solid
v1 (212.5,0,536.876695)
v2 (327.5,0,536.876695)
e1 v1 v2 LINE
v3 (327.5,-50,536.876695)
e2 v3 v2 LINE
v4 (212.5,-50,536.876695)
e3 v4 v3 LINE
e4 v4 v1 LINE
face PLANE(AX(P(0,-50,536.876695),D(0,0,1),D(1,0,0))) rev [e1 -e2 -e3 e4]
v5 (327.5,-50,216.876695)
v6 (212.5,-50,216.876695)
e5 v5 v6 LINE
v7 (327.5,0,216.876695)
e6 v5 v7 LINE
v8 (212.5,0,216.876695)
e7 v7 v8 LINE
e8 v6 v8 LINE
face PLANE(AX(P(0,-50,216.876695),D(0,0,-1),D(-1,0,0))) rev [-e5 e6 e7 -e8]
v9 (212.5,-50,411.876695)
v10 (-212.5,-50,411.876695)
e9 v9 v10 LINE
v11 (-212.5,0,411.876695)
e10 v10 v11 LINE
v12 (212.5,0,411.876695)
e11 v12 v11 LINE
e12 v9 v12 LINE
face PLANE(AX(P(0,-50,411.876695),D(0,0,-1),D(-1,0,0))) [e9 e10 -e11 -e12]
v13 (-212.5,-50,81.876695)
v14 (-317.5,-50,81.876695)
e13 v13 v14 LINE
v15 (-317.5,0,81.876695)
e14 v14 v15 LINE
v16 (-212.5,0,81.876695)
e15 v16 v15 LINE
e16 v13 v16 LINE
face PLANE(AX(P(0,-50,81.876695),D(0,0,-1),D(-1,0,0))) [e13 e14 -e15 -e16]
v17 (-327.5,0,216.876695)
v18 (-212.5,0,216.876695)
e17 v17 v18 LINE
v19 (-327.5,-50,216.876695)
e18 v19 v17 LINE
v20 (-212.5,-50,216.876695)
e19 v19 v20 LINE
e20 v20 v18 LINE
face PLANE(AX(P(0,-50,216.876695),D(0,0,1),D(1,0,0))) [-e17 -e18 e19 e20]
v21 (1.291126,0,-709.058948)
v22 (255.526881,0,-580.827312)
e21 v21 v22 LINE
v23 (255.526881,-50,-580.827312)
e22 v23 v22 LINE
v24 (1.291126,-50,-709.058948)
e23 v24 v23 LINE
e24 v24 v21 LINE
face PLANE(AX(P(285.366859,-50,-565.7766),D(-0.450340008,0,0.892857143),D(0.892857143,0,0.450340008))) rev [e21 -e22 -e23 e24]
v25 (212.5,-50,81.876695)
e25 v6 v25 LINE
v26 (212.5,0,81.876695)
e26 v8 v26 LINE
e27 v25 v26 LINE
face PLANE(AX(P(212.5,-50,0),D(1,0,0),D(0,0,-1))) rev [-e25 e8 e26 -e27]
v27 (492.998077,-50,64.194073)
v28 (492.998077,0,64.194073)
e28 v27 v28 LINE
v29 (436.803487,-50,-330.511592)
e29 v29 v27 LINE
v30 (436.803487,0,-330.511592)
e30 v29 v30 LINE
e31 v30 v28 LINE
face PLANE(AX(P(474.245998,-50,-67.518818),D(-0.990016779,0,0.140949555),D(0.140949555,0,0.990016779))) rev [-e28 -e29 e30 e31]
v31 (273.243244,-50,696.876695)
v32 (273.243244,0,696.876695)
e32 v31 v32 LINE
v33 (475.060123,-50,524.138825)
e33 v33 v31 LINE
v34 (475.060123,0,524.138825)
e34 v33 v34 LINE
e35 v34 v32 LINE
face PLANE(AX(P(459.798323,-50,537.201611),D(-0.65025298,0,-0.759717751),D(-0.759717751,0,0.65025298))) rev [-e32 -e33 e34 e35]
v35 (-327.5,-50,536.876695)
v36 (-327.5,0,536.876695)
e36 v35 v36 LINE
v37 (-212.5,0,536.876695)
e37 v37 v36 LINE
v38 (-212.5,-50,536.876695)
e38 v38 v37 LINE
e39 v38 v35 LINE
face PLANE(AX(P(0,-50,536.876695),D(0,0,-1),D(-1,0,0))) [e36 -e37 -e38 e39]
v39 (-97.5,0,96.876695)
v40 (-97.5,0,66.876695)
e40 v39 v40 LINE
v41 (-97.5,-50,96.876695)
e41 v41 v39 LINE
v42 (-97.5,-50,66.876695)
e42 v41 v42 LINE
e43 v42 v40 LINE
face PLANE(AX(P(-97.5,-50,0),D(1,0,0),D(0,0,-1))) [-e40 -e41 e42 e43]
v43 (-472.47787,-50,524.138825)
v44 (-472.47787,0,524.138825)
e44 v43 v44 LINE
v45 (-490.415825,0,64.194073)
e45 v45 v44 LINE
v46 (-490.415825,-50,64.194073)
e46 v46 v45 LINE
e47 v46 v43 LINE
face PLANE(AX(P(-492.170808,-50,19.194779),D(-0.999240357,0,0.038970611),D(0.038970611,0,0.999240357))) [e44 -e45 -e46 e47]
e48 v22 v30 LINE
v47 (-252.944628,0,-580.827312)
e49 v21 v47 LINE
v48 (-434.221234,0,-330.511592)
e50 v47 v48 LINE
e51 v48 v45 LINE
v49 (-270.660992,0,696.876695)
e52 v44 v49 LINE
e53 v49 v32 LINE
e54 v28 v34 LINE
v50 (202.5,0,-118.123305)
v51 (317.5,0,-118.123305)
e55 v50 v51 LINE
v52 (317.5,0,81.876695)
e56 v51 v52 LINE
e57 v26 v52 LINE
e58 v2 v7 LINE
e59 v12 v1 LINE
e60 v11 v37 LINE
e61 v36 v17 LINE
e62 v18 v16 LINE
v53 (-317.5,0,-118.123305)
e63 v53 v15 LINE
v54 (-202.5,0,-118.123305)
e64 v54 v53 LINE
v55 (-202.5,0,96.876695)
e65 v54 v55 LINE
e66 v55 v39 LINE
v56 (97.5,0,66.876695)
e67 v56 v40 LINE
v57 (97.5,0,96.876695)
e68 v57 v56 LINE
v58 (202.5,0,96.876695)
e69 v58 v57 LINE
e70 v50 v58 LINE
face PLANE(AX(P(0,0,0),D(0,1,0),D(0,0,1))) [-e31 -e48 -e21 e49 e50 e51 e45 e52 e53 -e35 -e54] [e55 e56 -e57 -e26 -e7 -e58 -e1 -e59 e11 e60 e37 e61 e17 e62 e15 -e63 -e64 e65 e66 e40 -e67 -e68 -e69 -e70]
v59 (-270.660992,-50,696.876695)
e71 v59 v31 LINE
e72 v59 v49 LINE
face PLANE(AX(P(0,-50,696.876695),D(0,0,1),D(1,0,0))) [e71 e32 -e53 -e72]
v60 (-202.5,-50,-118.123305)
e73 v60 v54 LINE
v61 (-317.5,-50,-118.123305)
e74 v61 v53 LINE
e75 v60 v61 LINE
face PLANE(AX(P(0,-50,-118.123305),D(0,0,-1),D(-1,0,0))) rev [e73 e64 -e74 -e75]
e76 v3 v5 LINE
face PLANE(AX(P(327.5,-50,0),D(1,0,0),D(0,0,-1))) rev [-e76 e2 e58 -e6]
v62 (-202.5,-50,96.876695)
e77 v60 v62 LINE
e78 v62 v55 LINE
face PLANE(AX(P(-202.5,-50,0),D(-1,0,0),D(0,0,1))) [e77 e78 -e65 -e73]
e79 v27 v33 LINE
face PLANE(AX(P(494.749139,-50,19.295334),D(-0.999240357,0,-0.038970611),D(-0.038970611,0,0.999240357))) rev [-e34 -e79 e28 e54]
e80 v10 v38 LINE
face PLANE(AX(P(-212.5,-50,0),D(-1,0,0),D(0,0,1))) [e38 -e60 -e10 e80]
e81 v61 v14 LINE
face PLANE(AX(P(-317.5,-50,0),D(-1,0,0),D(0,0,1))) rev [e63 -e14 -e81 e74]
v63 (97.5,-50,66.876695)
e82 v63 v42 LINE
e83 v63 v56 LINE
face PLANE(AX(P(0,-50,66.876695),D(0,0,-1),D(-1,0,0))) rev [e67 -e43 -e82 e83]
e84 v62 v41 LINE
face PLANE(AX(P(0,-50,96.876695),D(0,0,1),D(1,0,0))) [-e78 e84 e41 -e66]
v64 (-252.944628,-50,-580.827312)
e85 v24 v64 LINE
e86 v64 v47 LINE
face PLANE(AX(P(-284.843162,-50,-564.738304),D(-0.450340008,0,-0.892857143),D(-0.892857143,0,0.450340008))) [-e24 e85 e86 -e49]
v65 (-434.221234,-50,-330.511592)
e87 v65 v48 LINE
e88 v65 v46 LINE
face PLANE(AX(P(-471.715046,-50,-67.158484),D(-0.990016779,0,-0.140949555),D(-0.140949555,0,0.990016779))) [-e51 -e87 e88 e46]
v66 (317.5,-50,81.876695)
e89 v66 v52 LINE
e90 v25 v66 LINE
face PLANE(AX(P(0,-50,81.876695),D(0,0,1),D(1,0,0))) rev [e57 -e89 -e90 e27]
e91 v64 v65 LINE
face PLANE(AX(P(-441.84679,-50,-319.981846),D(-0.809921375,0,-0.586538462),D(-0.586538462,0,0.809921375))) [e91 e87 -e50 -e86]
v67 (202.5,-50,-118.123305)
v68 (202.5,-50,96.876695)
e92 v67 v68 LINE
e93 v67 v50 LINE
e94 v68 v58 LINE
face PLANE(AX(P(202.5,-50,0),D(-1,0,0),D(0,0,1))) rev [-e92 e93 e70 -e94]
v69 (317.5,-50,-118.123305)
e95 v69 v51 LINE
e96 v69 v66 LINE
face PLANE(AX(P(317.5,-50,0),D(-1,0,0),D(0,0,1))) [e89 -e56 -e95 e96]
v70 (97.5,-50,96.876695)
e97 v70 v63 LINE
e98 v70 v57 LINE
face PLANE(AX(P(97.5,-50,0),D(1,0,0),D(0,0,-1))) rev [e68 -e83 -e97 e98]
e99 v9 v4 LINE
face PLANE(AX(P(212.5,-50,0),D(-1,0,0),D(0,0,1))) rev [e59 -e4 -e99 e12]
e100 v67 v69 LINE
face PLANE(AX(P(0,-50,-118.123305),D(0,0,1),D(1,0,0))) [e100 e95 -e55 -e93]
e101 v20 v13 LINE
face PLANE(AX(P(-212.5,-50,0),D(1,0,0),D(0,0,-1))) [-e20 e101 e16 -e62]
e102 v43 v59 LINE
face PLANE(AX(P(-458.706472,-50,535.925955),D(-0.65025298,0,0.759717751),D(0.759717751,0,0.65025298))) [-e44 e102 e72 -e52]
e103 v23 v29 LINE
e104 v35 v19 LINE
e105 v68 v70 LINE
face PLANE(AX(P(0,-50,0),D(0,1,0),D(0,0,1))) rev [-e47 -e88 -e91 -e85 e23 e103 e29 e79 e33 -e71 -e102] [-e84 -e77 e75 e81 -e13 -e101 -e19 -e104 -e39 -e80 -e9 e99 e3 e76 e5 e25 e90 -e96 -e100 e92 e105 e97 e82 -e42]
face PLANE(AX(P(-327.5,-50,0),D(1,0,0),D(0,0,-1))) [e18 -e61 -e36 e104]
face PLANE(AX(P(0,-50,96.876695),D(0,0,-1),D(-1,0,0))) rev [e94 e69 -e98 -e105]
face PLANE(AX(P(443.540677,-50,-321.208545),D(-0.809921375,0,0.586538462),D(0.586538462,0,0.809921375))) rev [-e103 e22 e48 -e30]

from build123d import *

# Parameters (mm, degrees)
BOSS_EXTRUDE1_DEPTH = 50


with BuildPart() as part:
    # Sketch1 → Boss-Extrude1 (new body)
    with BuildSketch(Plane(origin=(0, 0, 0), x_dir=(1, 0, 0), z_dir=(0, 1, 0))):
        Polygon((-434.22123396, 330.511591748), (-490.415824699, -64.194072769), (-472.477870031, -524.138824529), (-270.660991621, -696.876695154), (273.24324441, -696.876695154), (475.06012282, -524.138824529), (492.998077488, -64.194072769), (436.803486749, 330.511591748), (255.52688097, 580.827312496), (1.291126394, 709.058947943), (-252.944628181, 580.827312496), align=None)
        Polygon((327.5, -536.876695154), (212.5, -536.876695154), (212.5, -411.876695154), (97.5, -411.876695154), (-97.5, -411.876695154), (-212.5, -411.876695154), (-212.5, -536.876695154), (-327.5, -536.876695154), (-327.5, -216.876695154), (-212.5, -216.876695154), (-212.5, -96.876695154), (-212.5, -81.876695154), (-317.5, -81.876695154), (-317.5, 118.123304846), (-202.5, 118.123304846), (-202.5, -81.876695154), (-202.5, -96.876695154), (-97.5, -96.876695154), (-97.5, -66.876695154), (97.5, -66.876695154), (97.5, -96.876695154), (202.5, -96.876695154), (202.5, -81.876695154), (202.5, 118.123304846), (317.5, 118.123304846), (317.5, -81.876695154), (212.5, -81.876695154), (212.5, -96.876695154), (212.5, -216.876695154), (327.5, -216.876695154), align=None, mode=Mode.SUBTRACT)
    extrude(amount=-BOSS_EXTRUDE1_DEPTH)


solid = part.part
